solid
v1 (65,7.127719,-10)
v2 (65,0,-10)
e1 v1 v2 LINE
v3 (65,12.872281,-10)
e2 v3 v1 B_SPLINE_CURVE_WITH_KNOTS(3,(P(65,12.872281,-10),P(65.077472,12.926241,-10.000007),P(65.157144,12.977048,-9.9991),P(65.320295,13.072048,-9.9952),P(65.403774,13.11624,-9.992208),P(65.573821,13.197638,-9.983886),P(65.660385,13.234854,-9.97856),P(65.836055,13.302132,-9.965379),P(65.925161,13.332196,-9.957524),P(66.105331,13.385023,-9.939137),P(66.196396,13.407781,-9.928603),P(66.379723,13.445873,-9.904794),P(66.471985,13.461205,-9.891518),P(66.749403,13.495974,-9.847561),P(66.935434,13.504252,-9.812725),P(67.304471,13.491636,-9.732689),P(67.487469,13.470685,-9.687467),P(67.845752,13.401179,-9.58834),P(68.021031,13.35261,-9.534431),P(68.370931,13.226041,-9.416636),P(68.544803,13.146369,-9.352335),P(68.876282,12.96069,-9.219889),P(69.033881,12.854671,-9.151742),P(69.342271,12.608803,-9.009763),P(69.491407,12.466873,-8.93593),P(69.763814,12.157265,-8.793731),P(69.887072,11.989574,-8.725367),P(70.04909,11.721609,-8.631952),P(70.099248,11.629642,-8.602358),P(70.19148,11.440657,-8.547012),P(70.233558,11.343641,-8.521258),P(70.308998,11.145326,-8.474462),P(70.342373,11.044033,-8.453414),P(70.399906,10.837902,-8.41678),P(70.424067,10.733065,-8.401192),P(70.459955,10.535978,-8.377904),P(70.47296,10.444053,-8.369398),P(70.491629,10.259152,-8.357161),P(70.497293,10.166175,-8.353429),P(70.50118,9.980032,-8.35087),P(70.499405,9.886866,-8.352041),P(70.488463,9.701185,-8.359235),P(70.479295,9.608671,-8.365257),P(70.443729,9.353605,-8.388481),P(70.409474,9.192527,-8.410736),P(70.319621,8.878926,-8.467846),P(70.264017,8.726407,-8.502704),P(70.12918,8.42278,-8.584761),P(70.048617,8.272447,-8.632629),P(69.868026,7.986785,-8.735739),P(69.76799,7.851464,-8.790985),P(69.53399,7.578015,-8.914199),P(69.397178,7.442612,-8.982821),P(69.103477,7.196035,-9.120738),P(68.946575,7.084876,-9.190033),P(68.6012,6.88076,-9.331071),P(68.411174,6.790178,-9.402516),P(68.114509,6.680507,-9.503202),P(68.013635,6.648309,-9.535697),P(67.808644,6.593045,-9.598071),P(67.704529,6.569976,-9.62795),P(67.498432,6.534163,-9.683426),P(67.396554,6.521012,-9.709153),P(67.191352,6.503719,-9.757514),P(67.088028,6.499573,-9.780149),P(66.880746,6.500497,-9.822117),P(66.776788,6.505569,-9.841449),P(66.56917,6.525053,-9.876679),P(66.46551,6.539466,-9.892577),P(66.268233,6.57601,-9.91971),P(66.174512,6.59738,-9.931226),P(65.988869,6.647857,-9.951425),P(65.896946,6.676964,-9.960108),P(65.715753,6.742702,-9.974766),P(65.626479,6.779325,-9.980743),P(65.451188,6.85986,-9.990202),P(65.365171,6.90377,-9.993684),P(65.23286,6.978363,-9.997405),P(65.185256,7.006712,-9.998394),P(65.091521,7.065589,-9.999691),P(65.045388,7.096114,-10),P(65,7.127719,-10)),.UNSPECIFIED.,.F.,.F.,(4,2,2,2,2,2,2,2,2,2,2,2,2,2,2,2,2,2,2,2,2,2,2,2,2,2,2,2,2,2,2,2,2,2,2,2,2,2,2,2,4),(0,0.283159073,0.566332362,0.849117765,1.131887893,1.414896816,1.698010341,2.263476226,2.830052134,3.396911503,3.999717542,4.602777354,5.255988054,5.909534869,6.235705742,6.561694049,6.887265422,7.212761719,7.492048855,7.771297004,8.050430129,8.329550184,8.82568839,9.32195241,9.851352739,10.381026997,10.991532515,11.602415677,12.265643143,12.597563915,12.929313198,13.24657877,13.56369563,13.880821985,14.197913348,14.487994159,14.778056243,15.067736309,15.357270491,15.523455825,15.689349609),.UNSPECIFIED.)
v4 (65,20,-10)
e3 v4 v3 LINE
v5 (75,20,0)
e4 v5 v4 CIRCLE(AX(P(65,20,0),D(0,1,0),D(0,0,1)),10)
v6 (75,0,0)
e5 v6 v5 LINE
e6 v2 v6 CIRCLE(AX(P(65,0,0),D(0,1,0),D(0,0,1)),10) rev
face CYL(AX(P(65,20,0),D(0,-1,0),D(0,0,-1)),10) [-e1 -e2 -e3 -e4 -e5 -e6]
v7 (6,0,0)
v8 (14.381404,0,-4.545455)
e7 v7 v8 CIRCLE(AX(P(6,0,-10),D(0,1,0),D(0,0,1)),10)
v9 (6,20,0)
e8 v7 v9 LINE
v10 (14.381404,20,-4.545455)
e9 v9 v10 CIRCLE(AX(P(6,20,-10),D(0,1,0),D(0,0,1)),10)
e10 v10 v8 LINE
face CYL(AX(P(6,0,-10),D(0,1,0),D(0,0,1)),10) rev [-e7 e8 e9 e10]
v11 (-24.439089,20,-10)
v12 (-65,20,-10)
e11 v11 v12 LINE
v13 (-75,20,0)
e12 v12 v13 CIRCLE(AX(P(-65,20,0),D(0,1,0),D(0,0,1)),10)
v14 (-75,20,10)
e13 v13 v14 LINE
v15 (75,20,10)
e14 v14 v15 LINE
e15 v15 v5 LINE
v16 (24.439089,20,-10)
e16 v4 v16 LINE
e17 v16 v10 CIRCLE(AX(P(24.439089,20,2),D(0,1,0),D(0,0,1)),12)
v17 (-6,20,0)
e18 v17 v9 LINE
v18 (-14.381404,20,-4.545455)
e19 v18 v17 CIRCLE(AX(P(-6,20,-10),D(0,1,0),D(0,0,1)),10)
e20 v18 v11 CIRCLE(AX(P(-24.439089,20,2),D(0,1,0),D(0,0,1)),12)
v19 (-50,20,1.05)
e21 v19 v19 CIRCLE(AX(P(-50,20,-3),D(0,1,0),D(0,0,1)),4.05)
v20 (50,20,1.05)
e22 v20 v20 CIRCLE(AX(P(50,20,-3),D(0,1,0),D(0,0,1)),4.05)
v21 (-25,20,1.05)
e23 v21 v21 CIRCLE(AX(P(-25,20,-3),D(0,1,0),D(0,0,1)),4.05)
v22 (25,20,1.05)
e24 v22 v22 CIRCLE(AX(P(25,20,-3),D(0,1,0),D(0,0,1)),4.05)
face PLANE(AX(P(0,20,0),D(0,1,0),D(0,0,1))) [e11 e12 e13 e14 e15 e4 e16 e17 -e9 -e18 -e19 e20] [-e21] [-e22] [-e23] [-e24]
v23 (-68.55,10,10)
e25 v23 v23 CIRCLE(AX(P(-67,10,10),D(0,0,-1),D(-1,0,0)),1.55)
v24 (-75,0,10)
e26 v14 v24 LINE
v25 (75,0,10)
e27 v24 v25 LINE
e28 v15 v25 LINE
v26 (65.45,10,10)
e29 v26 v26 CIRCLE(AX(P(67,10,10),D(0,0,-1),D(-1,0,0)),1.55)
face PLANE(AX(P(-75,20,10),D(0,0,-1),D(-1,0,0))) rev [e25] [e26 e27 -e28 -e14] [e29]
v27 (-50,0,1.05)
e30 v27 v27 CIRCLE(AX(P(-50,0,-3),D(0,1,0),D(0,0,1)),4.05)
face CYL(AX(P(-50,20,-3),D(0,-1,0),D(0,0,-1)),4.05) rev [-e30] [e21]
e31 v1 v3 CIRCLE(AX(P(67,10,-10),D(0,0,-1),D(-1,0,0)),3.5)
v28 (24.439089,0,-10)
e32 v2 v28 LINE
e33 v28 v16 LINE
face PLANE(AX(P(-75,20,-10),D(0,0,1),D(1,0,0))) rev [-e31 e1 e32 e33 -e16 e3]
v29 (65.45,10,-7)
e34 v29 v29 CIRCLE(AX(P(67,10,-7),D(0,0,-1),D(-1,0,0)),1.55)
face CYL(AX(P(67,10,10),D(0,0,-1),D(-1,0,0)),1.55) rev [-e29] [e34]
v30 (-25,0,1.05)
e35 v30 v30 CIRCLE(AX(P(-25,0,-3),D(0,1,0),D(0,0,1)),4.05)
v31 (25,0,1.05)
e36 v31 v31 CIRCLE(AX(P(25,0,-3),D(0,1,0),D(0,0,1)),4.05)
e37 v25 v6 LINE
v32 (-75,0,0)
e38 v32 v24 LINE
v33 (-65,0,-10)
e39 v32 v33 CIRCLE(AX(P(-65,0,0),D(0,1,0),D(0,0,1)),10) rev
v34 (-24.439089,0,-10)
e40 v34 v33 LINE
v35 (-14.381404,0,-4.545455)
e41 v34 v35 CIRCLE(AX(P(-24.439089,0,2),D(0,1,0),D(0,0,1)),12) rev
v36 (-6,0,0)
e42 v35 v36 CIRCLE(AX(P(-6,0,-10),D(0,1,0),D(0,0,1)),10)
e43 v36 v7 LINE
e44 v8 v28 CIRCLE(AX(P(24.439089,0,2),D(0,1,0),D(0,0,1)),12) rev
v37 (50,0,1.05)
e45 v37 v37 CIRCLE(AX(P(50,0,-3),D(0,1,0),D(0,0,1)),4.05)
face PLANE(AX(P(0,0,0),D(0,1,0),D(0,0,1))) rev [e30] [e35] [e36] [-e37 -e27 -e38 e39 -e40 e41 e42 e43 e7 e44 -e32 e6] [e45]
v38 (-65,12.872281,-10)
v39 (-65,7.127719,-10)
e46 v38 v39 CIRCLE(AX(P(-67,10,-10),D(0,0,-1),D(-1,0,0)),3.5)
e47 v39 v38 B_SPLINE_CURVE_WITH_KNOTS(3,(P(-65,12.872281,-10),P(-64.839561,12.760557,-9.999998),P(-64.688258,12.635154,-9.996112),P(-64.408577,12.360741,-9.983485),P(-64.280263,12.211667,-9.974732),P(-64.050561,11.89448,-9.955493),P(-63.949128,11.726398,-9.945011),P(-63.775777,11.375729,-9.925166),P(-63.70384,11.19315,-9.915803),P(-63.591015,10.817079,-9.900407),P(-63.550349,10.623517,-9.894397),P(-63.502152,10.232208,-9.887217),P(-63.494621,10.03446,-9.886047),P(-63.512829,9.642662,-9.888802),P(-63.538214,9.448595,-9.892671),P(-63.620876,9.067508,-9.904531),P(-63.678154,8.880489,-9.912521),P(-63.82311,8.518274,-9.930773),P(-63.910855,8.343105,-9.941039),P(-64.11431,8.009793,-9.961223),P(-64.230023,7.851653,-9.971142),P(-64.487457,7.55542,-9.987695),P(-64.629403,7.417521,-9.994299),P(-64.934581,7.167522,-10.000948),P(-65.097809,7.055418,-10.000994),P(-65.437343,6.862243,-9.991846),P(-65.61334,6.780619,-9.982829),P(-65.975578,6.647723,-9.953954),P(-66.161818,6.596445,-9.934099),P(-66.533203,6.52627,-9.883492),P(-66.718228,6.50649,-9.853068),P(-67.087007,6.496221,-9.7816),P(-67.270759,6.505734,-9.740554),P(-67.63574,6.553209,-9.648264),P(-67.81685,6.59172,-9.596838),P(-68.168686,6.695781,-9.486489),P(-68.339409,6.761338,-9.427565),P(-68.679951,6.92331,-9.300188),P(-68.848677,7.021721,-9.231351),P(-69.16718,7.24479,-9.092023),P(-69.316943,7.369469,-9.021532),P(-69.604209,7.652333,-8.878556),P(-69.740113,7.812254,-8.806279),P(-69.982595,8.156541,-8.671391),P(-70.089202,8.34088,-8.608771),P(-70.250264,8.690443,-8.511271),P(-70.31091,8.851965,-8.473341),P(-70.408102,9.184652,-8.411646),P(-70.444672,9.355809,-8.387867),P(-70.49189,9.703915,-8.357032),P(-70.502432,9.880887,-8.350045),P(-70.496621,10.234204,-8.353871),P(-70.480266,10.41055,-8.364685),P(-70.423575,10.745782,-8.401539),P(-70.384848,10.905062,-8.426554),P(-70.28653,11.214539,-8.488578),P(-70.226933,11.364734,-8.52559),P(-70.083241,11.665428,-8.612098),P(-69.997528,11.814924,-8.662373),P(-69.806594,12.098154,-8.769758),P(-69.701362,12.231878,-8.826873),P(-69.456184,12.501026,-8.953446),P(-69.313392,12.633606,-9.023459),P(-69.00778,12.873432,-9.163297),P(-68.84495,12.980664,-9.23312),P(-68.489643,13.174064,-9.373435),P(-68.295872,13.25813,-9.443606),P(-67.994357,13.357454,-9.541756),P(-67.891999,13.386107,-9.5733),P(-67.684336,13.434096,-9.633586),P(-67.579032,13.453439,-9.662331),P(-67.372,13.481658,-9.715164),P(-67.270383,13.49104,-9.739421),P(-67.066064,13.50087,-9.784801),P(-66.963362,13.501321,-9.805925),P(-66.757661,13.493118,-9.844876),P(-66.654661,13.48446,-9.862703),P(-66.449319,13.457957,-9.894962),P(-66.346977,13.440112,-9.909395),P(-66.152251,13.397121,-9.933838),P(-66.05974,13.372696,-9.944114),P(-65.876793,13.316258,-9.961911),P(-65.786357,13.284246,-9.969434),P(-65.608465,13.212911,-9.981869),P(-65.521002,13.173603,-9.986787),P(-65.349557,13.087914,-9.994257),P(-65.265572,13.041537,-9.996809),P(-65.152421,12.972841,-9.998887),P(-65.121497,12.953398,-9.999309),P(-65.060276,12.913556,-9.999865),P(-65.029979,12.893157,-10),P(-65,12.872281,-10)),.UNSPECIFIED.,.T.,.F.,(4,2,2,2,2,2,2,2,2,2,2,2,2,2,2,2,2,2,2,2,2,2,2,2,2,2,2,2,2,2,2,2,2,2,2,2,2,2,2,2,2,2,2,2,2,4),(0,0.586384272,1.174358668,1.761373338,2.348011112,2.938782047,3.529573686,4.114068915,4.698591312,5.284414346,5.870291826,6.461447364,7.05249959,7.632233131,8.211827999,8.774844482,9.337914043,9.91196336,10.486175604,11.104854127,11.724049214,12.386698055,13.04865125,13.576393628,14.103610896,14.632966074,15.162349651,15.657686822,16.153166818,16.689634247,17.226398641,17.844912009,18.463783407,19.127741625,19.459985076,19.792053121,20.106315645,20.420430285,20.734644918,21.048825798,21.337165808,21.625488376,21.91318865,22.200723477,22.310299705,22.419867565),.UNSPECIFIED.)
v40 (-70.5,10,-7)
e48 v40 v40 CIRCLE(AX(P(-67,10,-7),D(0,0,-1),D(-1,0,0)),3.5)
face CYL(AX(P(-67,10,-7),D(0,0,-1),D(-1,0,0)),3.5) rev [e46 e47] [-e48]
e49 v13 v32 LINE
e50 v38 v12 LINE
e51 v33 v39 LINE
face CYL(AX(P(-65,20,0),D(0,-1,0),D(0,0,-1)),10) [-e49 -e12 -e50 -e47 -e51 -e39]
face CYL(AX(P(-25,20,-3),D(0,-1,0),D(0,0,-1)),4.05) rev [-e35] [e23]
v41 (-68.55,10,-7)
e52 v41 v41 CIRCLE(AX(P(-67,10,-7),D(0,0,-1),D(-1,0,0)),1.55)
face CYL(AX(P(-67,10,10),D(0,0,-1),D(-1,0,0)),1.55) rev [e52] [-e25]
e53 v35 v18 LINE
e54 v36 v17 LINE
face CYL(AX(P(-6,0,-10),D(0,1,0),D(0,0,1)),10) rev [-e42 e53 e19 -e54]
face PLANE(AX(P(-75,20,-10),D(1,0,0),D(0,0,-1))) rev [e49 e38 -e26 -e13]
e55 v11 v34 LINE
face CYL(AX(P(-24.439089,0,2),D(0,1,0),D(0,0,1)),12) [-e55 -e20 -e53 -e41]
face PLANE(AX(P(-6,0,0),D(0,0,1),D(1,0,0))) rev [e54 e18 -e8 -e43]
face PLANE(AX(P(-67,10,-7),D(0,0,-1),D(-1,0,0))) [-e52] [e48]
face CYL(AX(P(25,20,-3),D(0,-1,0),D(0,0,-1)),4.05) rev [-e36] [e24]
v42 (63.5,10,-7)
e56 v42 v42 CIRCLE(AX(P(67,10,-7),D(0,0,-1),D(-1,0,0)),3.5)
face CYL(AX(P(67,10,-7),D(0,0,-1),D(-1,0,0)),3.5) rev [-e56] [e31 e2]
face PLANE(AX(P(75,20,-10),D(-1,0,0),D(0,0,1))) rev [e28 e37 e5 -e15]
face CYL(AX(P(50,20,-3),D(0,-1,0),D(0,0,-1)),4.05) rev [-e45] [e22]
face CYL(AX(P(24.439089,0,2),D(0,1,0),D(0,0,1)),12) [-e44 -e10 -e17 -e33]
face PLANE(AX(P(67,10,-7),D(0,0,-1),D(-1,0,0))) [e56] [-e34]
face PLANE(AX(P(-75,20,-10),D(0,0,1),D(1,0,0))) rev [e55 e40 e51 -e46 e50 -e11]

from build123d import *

# Parameters (mm, degrees)
SKETCH1_W           = 150
SKETCH1_H           = 20
SKETCH1_R           = 4.05
BOSS_EXTRUDE1_DEPTH = 20
FILLET1_R           = 10
SKETCH3_R           = 1.55
CUT_EXTRUDE1_DEPTH  = 81.156097709
SKETCH3_3_R         = 3.5
SKETCH3_3_R_2       = 1.55
CUT_EXTRUDE2_DEPTH  = 3
CUT_EXTRUDE3_DEPTH  = 79.262379347
FILLET2_R           = 12


with BuildPart() as part:
    # Sketch1 → Boss-Extrude1 (new body)
    with BuildSketch(Plane(origin=(0, 0, 0), x_dir=(1, 0, 0), z_dir=(0, 1, 0))):
        Rectangle(SKETCH1_W, SKETCH1_H)
        with Locations((-25, 3)):
            Circle(SKETCH1_R, mode=Mode.SUBTRACT)
        with Locations((25, 3)):
            Circle(SKETCH1_R, mode=Mode.SUBTRACT)
        with Locations((-50, 3)):
            Circle(SKETCH1_R, mode=Mode.SUBTRACT)
        with Locations((50, 3)):
            Circle(SKETCH1_R, mode=Mode.SUBTRACT)
    extrude(amount=BOSS_EXTRUDE1_DEPTH)

    # Fillet1
    fillet1_edges = [part.edges().sort_by_distance(p)[0] for p in [
        (75, 10, -10),
        (-75, 10, -10),
    ]]
    fillet(fillet1_edges, radius=FILLET1_R)

    # Sketch3 → Cut-Extrude1 (cut, through all)
    with BuildSketch(Plane(origin=(0, 0, -10), x_dir=(-1, 0, 0), z_dir=(0, 0, -1))):
        with Locations((-67, 10)):
            Circle(SKETCH3_R)
        with Locations((67, 10)):
            Circle(SKETCH3_R)
    extrude(amount=-CUT_EXTRUDE1_DEPTH, mode=Mode.SUBTRACT)

    # Sketch3<3> → Cut-Extrude2 (cut)
    # profile 1 of 2: a face of its own
    with BuildSketch(Plane(origin=(0, 0, -10), x_dir=(-1, 0, 0), z_dir=(0, 0, -1))):
        with Locations((-67, 10)):
            Circle(SKETCH3_3_R)
        with Locations((-67, 10)):
            Circle(SKETCH3_3_R_2, mode=Mode.SUBTRACT)
    # profile 2 of 2: a face of its own
    with BuildSketch(Plane(origin=(0, 0, -10), x_dir=(-1, 0, 0), z_dir=(0, 0, -1))):
        with Locations((67, 10)):
            Circle(SKETCH3_3_R)
        with Locations((67, 10)):
            Circle(SKETCH3_3_R_2, mode=Mode.SUBTRACT)
    extrude(amount=-CUT_EXTRUDE2_DEPTH, mode=Mode.SUBTRACT)

    # Sketch4 → Cut-Extrude3 (cut, through all)
    with BuildSketch(Plane(origin=(0, 20, 0), x_dir=(1, 0, 0), z_dir=(0, 1, 0))):
        with BuildLine():
            Line((-6, 20), (6, 20))
            ThreePointArc((6, 20), (16, 10), (6, 0))
            Line((6, 0), (-6, 0))
            ThreePointArc((-6, 0), (-16, 10), (-6, 20))
        make_face()
    extrude(amount=-CUT_EXTRUDE3_DEPTH, mode=Mode.SUBTRACT)

    # Fillet2
    fillet2_edges = [part.edges().sort_by_distance(p)[0] for p in [
        (16, 10, -10),
        (-16, 10, -10),
    ]]
    fillet(fillet2_edges, radius=FILLET2_R)


solid = part.part
